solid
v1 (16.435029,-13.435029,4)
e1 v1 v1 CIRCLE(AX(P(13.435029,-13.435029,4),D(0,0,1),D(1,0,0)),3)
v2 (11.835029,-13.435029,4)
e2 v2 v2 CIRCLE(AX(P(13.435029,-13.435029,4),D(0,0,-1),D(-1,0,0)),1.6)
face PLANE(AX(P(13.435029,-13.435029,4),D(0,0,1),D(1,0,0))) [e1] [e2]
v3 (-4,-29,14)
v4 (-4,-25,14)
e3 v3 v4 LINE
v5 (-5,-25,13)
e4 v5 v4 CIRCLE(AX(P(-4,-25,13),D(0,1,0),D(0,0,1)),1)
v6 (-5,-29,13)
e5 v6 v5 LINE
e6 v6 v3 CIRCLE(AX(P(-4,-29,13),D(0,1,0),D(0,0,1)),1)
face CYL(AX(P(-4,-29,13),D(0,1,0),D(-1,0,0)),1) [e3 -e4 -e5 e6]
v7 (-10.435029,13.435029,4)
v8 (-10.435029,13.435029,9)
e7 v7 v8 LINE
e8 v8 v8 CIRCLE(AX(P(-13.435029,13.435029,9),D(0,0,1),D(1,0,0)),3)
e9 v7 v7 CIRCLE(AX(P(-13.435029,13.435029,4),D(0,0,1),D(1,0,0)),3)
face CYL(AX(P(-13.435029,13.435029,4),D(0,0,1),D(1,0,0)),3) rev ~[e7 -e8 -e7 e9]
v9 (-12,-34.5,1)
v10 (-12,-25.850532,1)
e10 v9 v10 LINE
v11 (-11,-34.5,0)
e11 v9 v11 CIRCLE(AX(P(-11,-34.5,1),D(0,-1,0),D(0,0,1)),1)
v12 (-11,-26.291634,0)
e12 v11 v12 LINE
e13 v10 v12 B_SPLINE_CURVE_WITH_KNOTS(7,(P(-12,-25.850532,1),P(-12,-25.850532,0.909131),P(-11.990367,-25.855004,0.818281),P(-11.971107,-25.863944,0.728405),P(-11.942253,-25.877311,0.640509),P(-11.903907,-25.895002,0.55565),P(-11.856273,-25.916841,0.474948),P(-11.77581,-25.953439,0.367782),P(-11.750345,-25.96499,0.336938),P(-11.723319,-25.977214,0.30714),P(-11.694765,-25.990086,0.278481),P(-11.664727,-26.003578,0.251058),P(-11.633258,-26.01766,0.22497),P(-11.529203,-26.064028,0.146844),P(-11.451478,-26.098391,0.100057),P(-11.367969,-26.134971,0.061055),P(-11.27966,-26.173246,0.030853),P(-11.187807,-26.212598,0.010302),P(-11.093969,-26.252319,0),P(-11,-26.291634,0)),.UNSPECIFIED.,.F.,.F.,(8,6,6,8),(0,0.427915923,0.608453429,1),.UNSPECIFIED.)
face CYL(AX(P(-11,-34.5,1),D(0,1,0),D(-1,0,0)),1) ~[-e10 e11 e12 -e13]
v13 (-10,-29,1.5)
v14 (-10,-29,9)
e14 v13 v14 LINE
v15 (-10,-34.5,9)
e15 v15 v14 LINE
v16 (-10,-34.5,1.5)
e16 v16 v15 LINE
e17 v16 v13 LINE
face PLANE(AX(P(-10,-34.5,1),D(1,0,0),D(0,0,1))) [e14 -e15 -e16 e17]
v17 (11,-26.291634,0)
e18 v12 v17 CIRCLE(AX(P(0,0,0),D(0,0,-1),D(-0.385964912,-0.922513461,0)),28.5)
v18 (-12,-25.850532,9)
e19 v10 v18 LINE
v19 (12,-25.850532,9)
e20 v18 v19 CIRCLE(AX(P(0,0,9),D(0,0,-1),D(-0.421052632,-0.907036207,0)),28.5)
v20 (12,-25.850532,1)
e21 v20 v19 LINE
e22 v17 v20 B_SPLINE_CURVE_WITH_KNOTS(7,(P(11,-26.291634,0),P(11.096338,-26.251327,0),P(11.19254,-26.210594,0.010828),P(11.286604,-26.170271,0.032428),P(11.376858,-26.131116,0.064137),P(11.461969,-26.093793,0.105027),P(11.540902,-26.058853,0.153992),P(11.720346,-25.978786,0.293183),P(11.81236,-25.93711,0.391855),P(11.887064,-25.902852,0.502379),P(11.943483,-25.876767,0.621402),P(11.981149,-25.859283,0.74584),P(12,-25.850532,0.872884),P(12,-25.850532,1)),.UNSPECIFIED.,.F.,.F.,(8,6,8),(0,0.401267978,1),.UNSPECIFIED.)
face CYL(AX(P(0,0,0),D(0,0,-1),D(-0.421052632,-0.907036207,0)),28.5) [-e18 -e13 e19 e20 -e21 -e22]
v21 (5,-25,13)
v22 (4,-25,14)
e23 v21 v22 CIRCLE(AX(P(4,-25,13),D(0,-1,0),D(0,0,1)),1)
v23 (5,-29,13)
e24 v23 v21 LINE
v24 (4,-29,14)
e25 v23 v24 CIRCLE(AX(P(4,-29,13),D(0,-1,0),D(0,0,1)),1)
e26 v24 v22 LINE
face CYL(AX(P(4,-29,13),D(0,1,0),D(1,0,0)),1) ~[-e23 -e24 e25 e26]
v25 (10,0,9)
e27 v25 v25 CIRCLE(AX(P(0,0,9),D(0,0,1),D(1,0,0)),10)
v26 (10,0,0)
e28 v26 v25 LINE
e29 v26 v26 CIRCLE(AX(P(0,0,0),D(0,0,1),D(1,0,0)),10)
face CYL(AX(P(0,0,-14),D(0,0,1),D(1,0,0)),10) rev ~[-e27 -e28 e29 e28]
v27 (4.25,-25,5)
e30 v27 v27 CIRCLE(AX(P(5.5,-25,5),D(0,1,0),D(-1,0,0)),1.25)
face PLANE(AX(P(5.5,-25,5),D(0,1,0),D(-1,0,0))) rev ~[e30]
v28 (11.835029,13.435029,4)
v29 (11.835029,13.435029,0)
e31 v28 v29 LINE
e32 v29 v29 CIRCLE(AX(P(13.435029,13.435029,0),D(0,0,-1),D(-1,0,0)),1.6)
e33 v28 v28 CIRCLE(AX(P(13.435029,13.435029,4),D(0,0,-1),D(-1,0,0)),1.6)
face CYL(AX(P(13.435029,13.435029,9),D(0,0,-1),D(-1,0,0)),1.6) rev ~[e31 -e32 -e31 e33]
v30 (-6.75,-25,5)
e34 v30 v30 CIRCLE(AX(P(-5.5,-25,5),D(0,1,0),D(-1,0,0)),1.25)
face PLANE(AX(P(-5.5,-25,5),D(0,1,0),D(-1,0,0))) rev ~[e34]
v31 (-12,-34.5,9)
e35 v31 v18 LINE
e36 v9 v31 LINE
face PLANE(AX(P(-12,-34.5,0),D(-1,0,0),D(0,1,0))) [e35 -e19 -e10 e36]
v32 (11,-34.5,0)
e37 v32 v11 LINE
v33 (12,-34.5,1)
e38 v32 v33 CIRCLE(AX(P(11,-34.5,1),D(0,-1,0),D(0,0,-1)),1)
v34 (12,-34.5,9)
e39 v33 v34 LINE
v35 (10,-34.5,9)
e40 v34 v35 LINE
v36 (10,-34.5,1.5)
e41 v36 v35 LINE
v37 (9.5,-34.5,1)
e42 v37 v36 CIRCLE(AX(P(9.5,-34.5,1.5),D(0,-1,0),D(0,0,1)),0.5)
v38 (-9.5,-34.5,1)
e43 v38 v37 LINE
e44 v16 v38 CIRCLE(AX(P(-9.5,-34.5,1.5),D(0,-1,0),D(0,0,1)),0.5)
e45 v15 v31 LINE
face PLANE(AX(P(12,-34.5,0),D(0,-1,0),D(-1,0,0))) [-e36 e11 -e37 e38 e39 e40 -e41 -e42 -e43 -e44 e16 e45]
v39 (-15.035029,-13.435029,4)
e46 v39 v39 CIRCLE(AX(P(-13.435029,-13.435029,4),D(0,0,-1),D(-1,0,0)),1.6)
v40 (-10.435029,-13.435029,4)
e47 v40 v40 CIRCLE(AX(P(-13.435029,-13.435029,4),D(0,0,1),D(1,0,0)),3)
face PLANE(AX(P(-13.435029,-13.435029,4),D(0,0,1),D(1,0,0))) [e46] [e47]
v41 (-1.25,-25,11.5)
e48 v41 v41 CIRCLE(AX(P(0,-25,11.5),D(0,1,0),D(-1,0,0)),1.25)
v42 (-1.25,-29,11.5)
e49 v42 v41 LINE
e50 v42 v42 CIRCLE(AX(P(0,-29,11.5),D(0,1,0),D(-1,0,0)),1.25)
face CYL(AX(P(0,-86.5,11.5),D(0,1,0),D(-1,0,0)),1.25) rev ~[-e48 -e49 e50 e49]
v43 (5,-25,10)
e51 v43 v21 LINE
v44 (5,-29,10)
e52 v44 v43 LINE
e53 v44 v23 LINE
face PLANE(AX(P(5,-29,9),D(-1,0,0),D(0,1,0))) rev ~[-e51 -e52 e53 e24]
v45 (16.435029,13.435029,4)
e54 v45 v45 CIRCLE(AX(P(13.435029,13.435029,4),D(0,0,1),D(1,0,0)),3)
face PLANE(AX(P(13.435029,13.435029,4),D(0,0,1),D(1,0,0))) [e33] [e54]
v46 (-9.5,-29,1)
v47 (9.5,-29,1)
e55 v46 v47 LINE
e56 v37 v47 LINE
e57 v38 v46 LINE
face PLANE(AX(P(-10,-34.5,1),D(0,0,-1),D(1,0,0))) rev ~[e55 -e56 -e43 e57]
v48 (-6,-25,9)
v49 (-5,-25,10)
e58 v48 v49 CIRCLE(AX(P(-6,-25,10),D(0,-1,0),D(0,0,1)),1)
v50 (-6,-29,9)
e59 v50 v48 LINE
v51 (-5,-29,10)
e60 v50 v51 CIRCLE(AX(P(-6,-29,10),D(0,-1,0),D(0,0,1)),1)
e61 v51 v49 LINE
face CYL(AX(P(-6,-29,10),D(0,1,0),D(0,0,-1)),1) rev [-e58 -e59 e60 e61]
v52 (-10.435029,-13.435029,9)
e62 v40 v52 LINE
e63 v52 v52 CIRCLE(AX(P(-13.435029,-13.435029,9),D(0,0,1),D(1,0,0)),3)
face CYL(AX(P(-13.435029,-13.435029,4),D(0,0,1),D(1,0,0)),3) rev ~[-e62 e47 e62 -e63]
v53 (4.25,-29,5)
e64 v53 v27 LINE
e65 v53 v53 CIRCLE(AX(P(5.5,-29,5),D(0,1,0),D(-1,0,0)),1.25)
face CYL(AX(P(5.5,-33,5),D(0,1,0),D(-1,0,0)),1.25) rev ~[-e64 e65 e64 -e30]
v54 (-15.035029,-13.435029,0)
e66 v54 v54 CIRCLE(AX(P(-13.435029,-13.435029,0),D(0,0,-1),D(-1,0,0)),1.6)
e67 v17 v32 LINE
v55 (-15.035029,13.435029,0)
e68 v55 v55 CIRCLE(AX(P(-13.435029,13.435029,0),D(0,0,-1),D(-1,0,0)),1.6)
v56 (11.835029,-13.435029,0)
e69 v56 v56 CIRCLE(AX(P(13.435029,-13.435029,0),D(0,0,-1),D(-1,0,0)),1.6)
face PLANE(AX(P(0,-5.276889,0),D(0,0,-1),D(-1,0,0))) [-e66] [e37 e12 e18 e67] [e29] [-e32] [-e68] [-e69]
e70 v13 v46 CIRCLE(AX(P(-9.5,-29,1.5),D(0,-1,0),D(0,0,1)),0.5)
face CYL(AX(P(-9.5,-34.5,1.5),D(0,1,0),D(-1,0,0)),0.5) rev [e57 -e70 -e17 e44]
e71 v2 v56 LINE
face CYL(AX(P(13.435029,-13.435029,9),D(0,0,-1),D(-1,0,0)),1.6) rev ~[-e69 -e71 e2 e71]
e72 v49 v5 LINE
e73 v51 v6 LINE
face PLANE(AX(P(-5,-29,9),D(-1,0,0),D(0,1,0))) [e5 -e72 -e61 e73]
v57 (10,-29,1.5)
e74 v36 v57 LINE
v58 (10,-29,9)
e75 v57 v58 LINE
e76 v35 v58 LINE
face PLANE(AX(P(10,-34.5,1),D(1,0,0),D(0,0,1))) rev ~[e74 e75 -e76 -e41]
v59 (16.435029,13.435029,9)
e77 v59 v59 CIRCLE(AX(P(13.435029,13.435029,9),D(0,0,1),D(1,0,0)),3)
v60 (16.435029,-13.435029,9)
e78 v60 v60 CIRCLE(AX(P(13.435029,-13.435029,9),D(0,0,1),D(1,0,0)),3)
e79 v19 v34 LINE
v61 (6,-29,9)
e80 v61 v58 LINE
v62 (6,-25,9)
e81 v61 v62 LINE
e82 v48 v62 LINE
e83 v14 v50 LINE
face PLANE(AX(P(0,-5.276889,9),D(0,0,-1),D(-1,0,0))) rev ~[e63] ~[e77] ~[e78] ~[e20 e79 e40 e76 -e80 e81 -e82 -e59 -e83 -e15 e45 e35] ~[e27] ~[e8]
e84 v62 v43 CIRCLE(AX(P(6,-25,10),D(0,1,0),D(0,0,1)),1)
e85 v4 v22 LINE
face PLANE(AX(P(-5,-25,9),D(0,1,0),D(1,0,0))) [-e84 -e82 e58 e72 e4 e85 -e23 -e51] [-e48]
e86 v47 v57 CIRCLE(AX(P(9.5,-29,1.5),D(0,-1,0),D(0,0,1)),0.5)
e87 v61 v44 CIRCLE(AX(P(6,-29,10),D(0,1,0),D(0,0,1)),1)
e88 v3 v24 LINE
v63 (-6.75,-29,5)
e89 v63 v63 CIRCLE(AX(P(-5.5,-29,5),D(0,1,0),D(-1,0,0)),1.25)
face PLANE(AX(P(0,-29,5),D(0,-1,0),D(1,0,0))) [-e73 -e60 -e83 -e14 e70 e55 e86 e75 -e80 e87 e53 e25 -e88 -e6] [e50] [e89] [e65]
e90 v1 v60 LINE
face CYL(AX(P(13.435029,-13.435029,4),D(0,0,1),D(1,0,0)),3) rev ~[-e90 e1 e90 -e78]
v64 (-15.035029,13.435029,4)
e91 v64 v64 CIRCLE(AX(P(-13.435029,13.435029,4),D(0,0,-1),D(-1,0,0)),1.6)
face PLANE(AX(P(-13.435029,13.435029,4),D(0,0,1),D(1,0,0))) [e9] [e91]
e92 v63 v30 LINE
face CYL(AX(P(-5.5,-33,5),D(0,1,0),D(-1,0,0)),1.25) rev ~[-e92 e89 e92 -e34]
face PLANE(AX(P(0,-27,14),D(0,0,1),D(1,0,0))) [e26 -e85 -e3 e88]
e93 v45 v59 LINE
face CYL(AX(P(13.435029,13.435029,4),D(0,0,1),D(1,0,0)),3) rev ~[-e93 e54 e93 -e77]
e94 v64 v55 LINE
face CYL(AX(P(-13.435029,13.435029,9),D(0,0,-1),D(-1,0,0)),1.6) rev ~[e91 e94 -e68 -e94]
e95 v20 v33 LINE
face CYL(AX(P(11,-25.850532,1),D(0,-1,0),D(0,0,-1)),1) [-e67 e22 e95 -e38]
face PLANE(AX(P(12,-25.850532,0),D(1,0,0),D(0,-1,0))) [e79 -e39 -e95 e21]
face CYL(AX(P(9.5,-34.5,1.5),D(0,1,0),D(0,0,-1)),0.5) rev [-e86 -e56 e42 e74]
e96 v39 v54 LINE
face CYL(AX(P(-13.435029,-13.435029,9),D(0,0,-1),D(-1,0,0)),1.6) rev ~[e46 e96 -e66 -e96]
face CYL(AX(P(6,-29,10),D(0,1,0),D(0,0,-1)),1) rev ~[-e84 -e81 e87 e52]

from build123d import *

# Parameters (mm, degrees)
EXTRUDE_1_DEPTH              = 9
SKETCH_2_W                   = 20
SKETCH_2_H                   = 8
CUT_EXTRUDE_1_DEPTH          = 5.5
SKETCH_3_W                   = 10
SKETCH_3_H                   = 4
EXTRUDE_2_DEPTH              = 5
HOLE_WIZARD_20_0_20_1_D      = 20
HOLE_WIZARD_20_0_20_1_DEPTH  = 14
HOLE_WIZARD_2_5_2_5_1_D      = 2.5
HOLE_WIZARD_2_5_2_5_1_DEPTH  = 57.5
HOLE_WIZARD_2_5_2_5_2_D      = 2.5
HOLE_WIZARD_2_5_2_5_2_DEPTH  = 4
HOLE_WIZARD_M3_1_D           = 3.2
HOLE_WIZARD_M3_1_CBORE_D     = 6
HOLE_WIZARD_M3_1_CBORE_DEPTH = 5
FILLET_1_R                   = 0.5
FILLET_2_R                   = 1


with BuildPart() as part:
    # 草图1 → 凸台-拉伸1 (new body)
    with BuildSketch(Plane(origin=(0, 0, 0), x_dir=(-1, 0, 0), z_dir=(0, 0, -1))):
        with BuildLine():
            Line((-12, -25.850531909), (-12, -34.5))
            Line((-12, -34.5), (12, -34.5))
            Line((12, -34.5), (12, -25.850531909))
            ThreePointArc((12, -25.850531909), (0, 28.5), (-12, -25.850531909))
        make_face()
    extrude(amount=-EXTRUDE_1_DEPTH)

    # 草图2 → 切除-拉伸1 (cut)
    with BuildSketch(Plane.XZ.offset(34.5)):
        with Locations((0, 5)):
            Rectangle(SKETCH_2_W, SKETCH_2_H)
    extrude(amount=-CUT_EXTRUDE_1_DEPTH, mode=Mode.SUBTRACT)

    # 草图3 → 凸台-拉伸2 (add)
    with BuildSketch(Plane.XY.offset(9)):
        with Locations((0, -27)):
            Rectangle(SKETCH_3_W, SKETCH_3_H)
    extrude(amount=EXTRUDE_2_DEPTH)

    # Ø20.0 (20) 直径孔1
    with Locations(Plane(origin=(0, 0, 0), x_dir=(-1, 0, 0), z_dir=(0, 0, -1))):
        with Locations((0, 0)):
            Hole(HOLE_WIZARD_20_0_20_1_D / 2, depth=HOLE_WIZARD_20_0_20_1_DEPTH)

    # Ø2.5 (2.5) 直径孔1
    with Locations(Plane.XZ.offset(29)):
        with Locations((0, 11.5)):
            Hole(HOLE_WIZARD_2_5_2_5_1_D / 2, depth=HOLE_WIZARD_2_5_2_5_1_DEPTH)

    # Ø2.5 (2.5) 直径孔2
    with Locations(Plane.XZ.offset(29)):
        with Locations((5.5, 5), (-5.5, 5)):
            Hole(HOLE_WIZARD_2_5_2_5_2_D / 2, depth=HOLE_WIZARD_2_5_2_5_2_DEPTH)

    # M3 六角头机械螺钉的柱形沉头孔1 (through all)
    with Locations(Plane.XY.offset(9)):
        with Locations((-13.435028843, -13.435028843), (-13.435028843, 13.435028843), (13.435028843, 13.435028843), (13.435028843, -13.435028843)):
            CounterBoreHole(HOLE_WIZARD_M3_1_D / 2, HOLE_WIZARD_M3_1_CBORE_D / 2, HOLE_WIZARD_M3_1_CBORE_DEPTH)

    # 圆角1
    fillet_1_edges = [part.edges().sort_by_distance(p)[0] for p in [
        (10, -31.75, 1),
        (-10, -31.75, 1),
    ]]
    fillet(fillet_1_edges, radius=FILLET_1_R)

    # 圆角2
    fillet_2_edges = [part.edges().sort_by_distance(p)[0] for p in [
        (5, -27, 9),
        (-5, -27, 9),
        (5, -27, 14),
        (-5, -27, 14),
        (-12, -30.175265955, 0),
        (12, -30.175265955, 0),
    ]]
    fillet(fillet_2_edges, radius=FILLET_2_R)


solid = part.part
